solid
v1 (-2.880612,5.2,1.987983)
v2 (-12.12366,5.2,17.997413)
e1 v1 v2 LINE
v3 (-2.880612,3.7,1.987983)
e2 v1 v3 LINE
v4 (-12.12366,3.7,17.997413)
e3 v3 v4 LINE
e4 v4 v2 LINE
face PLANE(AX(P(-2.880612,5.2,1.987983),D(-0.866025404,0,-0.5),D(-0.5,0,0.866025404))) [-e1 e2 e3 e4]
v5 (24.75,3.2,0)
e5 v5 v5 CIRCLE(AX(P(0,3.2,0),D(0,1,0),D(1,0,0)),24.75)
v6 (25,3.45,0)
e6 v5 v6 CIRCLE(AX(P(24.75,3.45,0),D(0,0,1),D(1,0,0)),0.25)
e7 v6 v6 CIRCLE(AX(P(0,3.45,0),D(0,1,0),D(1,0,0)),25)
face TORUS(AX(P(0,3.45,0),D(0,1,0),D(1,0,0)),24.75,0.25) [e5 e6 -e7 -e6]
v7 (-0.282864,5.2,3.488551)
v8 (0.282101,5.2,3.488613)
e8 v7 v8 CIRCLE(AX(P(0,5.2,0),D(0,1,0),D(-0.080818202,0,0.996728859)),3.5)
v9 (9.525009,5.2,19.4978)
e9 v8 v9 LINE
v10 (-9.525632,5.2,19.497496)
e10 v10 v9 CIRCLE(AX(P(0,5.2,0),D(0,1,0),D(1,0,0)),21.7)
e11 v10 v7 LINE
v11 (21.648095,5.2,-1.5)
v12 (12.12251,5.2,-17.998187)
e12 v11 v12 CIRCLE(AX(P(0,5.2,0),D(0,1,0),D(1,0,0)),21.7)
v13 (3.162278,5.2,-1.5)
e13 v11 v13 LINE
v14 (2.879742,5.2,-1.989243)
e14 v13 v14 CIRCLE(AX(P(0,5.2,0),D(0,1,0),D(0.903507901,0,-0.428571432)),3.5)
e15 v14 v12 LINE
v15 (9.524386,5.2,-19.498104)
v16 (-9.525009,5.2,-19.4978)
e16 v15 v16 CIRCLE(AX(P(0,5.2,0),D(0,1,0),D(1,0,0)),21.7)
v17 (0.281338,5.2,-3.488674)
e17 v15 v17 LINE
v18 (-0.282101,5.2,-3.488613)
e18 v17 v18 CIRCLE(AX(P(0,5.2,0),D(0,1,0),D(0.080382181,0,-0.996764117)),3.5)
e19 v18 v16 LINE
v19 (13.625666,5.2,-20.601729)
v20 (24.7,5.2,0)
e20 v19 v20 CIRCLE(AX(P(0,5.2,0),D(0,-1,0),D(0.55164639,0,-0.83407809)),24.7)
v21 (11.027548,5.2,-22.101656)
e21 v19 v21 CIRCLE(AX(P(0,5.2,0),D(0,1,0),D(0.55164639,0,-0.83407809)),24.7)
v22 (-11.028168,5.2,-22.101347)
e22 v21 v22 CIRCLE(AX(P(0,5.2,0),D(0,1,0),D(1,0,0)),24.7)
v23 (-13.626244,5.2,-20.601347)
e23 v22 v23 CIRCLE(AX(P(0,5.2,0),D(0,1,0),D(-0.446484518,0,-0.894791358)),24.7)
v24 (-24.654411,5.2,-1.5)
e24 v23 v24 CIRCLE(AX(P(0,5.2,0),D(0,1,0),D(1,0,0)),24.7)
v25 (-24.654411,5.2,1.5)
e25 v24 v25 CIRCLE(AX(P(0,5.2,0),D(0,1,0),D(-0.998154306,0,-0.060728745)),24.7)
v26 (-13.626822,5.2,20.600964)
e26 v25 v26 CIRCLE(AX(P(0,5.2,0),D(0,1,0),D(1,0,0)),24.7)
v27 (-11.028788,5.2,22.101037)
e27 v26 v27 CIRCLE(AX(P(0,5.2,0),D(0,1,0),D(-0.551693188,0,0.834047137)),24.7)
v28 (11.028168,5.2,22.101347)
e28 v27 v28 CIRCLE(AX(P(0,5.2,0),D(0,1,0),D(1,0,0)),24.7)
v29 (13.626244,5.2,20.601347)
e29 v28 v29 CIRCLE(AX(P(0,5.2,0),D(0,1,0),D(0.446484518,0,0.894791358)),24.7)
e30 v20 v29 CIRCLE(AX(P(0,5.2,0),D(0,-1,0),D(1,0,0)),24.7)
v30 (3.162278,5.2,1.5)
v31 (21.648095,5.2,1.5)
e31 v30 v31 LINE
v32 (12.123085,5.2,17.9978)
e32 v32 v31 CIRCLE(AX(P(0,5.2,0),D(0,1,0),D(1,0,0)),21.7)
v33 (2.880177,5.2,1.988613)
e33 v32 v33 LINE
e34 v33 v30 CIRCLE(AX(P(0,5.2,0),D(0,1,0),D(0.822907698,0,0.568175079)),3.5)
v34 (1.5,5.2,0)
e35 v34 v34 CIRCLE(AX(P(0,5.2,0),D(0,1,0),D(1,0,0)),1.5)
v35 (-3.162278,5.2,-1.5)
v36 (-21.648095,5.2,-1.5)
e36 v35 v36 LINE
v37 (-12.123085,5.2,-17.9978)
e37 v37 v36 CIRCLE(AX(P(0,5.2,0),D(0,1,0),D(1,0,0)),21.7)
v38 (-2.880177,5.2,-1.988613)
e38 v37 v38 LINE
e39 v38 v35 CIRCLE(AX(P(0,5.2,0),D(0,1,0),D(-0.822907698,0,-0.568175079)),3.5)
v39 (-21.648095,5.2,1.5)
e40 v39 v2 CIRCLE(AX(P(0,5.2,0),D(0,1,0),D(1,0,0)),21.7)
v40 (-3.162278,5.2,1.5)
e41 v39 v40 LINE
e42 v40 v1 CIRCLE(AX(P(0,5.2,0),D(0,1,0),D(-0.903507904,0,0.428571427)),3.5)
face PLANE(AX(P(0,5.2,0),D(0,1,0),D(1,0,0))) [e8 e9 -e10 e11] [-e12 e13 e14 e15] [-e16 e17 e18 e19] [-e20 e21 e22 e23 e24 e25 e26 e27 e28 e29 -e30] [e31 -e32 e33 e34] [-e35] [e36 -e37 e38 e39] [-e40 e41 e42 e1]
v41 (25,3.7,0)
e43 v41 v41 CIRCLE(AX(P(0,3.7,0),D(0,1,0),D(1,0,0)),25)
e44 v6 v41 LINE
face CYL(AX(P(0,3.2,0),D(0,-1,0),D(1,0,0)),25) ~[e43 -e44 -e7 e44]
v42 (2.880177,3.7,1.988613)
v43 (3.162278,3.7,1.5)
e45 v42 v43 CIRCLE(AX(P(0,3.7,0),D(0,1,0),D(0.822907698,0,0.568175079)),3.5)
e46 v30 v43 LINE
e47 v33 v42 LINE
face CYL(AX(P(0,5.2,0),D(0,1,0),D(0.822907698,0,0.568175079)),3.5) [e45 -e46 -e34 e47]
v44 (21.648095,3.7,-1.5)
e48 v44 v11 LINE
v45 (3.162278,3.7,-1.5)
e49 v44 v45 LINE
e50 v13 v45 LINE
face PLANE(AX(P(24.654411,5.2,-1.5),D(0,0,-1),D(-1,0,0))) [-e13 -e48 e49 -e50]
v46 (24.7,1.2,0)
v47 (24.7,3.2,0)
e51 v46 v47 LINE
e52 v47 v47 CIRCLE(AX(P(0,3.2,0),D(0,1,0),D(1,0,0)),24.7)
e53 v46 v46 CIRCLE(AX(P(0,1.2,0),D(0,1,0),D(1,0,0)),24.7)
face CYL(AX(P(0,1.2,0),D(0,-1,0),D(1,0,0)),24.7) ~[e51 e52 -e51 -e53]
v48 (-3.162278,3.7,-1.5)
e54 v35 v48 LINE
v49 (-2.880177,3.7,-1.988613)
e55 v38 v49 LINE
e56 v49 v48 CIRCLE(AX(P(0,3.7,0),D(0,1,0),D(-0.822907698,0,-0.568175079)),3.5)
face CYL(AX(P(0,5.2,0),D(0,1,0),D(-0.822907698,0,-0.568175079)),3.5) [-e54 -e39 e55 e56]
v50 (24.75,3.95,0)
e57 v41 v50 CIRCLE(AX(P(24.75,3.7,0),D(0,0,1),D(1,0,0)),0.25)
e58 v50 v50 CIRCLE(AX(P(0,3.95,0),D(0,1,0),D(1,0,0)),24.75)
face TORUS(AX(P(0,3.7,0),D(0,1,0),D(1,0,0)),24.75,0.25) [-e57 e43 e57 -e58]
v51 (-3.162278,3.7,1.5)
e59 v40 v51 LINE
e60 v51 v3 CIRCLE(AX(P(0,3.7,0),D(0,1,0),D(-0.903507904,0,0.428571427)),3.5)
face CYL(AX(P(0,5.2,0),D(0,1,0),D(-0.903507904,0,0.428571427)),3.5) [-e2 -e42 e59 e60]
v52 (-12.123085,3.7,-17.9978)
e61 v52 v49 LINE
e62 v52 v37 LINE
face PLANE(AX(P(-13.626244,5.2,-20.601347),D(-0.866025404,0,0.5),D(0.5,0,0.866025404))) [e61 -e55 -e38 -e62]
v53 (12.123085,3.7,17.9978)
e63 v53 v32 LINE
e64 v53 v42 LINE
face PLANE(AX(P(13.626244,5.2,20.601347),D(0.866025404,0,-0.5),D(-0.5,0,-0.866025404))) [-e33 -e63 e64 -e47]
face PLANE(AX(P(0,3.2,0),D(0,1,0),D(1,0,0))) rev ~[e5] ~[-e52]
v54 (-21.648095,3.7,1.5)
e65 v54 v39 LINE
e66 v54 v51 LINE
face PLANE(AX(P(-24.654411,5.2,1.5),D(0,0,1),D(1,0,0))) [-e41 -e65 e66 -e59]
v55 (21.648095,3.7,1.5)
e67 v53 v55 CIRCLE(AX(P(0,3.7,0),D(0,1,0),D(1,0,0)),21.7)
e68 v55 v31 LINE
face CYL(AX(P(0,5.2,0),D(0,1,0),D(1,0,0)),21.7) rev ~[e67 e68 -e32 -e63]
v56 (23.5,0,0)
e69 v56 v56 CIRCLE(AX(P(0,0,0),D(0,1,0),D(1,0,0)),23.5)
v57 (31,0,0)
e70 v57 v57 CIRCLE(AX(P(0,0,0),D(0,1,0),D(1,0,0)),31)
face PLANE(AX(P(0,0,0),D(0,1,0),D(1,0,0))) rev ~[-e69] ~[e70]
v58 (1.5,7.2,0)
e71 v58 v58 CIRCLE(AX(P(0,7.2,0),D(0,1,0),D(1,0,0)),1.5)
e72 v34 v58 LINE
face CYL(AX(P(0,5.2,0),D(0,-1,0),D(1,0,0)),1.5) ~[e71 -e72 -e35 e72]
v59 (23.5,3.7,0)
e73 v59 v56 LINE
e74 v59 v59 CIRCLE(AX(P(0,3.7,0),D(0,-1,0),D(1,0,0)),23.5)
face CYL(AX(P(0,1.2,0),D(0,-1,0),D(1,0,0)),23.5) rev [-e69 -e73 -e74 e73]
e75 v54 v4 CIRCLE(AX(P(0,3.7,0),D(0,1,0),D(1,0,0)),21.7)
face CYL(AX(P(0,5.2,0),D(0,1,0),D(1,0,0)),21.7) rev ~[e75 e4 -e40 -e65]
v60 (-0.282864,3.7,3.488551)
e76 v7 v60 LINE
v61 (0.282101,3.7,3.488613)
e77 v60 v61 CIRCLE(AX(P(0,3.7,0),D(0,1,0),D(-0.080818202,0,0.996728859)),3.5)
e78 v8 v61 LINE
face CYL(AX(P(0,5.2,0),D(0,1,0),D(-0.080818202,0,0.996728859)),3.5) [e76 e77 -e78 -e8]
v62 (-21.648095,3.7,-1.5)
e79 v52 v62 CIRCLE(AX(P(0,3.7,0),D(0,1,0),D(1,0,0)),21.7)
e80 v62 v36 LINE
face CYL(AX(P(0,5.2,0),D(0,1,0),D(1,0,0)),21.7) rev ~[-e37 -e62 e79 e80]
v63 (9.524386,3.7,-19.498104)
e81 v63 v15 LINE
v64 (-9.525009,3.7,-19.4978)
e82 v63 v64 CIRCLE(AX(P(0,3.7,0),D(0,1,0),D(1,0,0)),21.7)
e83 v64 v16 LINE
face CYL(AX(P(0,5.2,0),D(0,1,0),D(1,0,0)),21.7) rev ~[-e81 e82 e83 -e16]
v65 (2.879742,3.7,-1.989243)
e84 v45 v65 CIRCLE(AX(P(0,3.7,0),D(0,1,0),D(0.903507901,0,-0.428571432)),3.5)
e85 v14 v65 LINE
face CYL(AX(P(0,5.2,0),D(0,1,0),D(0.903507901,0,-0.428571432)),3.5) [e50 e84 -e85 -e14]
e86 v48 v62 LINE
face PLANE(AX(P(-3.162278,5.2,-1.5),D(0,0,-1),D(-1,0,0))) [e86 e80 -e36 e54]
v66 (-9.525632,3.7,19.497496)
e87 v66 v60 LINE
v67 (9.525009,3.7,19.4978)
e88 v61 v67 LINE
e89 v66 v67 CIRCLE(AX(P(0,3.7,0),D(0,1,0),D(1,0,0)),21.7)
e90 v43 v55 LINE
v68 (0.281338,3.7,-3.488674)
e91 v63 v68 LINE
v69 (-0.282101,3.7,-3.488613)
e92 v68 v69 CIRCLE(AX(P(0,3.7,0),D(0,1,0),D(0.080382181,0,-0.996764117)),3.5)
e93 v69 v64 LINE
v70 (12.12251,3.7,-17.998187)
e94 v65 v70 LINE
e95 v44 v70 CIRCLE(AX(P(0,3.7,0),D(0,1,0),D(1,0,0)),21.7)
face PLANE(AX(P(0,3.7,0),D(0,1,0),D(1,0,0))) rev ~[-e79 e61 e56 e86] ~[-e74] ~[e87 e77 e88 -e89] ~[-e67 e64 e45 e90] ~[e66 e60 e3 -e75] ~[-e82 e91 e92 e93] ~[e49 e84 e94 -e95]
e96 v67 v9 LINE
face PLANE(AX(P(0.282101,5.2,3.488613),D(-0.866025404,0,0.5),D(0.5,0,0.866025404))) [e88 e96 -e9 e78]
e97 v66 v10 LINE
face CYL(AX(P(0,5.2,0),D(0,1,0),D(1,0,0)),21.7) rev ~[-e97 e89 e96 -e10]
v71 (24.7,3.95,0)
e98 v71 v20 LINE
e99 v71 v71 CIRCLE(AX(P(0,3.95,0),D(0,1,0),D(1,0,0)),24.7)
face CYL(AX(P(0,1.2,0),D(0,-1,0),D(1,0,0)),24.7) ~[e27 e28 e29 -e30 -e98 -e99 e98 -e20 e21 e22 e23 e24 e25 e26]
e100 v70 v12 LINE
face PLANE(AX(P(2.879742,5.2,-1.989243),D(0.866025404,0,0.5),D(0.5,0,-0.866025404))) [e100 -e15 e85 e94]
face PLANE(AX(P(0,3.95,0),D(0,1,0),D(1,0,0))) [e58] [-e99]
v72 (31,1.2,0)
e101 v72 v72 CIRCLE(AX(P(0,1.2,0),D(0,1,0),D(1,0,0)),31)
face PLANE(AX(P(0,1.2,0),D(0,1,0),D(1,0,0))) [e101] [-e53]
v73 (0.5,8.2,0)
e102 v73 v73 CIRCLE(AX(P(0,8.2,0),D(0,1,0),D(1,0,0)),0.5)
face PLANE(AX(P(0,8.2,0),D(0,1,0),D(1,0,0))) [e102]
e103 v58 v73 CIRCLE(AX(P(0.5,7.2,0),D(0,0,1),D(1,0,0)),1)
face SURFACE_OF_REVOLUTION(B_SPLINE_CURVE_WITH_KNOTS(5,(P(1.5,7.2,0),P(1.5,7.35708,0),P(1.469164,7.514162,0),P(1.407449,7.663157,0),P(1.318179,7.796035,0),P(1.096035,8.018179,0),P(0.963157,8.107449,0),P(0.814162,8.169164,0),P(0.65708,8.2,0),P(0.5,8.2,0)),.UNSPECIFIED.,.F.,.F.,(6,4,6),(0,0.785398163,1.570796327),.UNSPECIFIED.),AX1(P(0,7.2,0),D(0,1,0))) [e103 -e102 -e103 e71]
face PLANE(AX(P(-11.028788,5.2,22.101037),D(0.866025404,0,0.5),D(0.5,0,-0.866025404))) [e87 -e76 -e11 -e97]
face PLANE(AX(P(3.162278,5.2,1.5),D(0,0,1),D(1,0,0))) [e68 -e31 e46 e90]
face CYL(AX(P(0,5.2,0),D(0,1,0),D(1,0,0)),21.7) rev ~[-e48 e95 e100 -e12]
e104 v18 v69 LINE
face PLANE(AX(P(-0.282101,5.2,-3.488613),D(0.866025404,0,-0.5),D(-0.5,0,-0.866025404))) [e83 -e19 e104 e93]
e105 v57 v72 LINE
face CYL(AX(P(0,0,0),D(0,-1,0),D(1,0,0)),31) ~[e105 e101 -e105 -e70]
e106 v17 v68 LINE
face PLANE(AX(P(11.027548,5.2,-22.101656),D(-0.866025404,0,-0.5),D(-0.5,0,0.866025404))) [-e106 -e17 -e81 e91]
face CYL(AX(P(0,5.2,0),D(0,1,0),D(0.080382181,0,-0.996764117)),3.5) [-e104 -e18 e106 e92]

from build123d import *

# Parameters (mm, degrees)
SKETCH1_R           = 31
SKETCH1_R_2         = 23.5
BOSS_EXTRUDE1_DEPTH = 1.2
SKETCH2_R           = 24.7
SKETCH2_R_2         = 23.5
BOSS_EXTRUDE2_DEPTH = 4
BOSS_EXTRUDE3_START = -2
SKETCH3_R           = 25
SKETCH3_R_2         = 24.7
BOSS_EXTRUDE3_DEPTH = 0.75
FILLET1_R           = 0.25
BOSS_EXTRUDE4_DEPTH = 1.5
SKETCH5_R           = 24.7
SKETCH5_R_2         = 21.7
BOSS_EXTRUDE5_DEPTH = 1.5
SKETCH6_R           = 1.5
BOSS_EXTRUDE6_DEPTH = 3
FILLET2_R           = 1


with BuildPart() as part:
    # Sketch1 → Boss-Extrude1 (new body)
    with BuildSketch(Plane(origin=(0, 0, 0), x_dir=(1, 0, 0), z_dir=(0, 1, 0))):
        Circle(SKETCH1_R)
        Circle(SKETCH1_R_2, mode=Mode.SUBTRACT)
    extrude(amount=BOSS_EXTRUDE1_DEPTH)

    # Sketch2 → Boss-Extrude2 (add)
    with BuildSketch(Plane(origin=(0, 1.2, 0), x_dir=(1, 0, 0), z_dir=(0, 1, 0))):
        Circle(SKETCH2_R)
        Circle(SKETCH2_R_2, mode=Mode.SUBTRACT)
    extrude(amount=BOSS_EXTRUDE2_DEPTH)

    # Sketch3 → Boss-Extrude3 (add)
    with BuildSketch(Plane(origin=(0, 5.2, 0), x_dir=(1, 0, 0), z_dir=(0, 1, 0)).offset(BOSS_EXTRUDE3_START)):
        Circle(SKETCH3_R)
        Circle(SKETCH3_R_2, mode=Mode.SUBTRACT)
    extrude(amount=BOSS_EXTRUDE3_DEPTH)

    # Fillet1
    fillet1_edges = [part.edges().sort_by_distance(p)[0] for p in [
        (-25, 3.95, 0),
        (-25, 3.2, 0),
    ]]
    fillet(fillet1_edges, radius=FILLET1_R)

    # Sketch4 → Boss-Extrude4 (add)
    with BuildSketch(Plane(origin=(0, 5.2, 0), x_dir=(1, 0, 0), z_dir=(0, 1, 0))):
        with BuildLine():
            ThreePointArc((11.028167579, -22.101346562), (12.35, -21.390827473), (13.626243791, -20.601346562))
            Line((13.626243791, -20.601346562), (2.880176936, -1.988612788))
            ThreePointArc((2.880176936, -1.988612788), (3.031088913, -1.75), (3.16227766, -1.5))
            Line((3.16227766, -1.5), (24.65441137, -1.5))
            ThreePointArc((24.65441137, -1.5), (24.7, 0), (24.65441137, 1.5))
            Line((24.65441137, 1.5), (3.16227766, 1.5))
            ThreePointArc((3.16227766, 1.5), (3.030897524, 1.750331453), (2.879741939, 1.989242662))
            Line((2.879741939, 1.989242662), (13.625665835, 20.601728824))
            ThreePointArc((13.625665835, 20.601728824), (12.349399896, 21.391173932), (11.027547542, 22.101655938))
            Line((11.027547542, 22.101655938), (0.281337646, 3.488674409))
            ThreePointArc((0.281337646, 3.488674409), (-0.000382781, 3.499999979), (-0.282100724, 3.488612788))
            Line((-0.282100724, 3.488612788), (-11.028167579, 22.101346562))
            ThreePointArc((-11.028167579, 22.101346562), (-12.35, 21.390827473), (-13.626243791, 20.601346562))
            Line((-13.626243791, 20.601346562), (-2.880176936, 1.988612788))
            ThreePointArc((-2.880176936, 1.988612788), (-3.031088913, 1.75), (-3.16227766, 1.5))
            Line((-3.16227766, 1.5), (-24.65441137, 1.5))
            ThreePointArc((-24.65441137, 1.5), (-24.7, 0), (-24.65441137, -1.5))
            Line((-24.65441137, -1.5), (-3.16227766, -1.5))
            ThreePointArc((-3.16227766, -1.5), (-3.031280286, -1.749668491), (-2.88061184, -1.987982753))
            Line((-2.88061184, -1.987982753), (-13.626821737, -20.600964282))
            ThreePointArc((-13.626821737, -20.600964282), (-12.350600094, -21.390480998), (-11.028787606, -22.101037169))
            Line((-11.028787606, -22.101037169), (-0.28286371, -3.488551006))
            ThreePointArc((-0.28286371, -3.488551006), (-0.000382741, -3.499999979), (0.282100724, -3.488612788))
            Line((0.282100724, -3.488612788), (11.028167579, -22.101346562))
        make_face()
    extrude(amount=-BOSS_EXTRUDE4_DEPTH)

    # Sketch5 → Boss-Extrude5 (add)
    with BuildSketch(Plane(origin=(0, 5.2, 0), x_dir=(1, 0, 0), z_dir=(0, 1, 0))):
        Circle(SKETCH5_R)
        Circle(SKETCH5_R_2, mode=Mode.SUBTRACT)
    extrude(amount=-BOSS_EXTRUDE5_DEPTH)

    # Sketch6 → Boss-Extrude6 (add)
    with BuildSketch(Plane(origin=(0, 5.2, 0), x_dir=(1, 0, 0), z_dir=(0, 1, 0))):
        Circle(SKETCH6_R)
    extrude(amount=BOSS_EXTRUDE6_DEPTH)

    # Fillet2
    fillet2_edges = [part.edges().sort_by_distance(p)[0] for p in [
        (-1.5, 8.2, 0),
    ]]
    fillet(fillet2_edges, radius=FILLET2_R)


solid = part.part
